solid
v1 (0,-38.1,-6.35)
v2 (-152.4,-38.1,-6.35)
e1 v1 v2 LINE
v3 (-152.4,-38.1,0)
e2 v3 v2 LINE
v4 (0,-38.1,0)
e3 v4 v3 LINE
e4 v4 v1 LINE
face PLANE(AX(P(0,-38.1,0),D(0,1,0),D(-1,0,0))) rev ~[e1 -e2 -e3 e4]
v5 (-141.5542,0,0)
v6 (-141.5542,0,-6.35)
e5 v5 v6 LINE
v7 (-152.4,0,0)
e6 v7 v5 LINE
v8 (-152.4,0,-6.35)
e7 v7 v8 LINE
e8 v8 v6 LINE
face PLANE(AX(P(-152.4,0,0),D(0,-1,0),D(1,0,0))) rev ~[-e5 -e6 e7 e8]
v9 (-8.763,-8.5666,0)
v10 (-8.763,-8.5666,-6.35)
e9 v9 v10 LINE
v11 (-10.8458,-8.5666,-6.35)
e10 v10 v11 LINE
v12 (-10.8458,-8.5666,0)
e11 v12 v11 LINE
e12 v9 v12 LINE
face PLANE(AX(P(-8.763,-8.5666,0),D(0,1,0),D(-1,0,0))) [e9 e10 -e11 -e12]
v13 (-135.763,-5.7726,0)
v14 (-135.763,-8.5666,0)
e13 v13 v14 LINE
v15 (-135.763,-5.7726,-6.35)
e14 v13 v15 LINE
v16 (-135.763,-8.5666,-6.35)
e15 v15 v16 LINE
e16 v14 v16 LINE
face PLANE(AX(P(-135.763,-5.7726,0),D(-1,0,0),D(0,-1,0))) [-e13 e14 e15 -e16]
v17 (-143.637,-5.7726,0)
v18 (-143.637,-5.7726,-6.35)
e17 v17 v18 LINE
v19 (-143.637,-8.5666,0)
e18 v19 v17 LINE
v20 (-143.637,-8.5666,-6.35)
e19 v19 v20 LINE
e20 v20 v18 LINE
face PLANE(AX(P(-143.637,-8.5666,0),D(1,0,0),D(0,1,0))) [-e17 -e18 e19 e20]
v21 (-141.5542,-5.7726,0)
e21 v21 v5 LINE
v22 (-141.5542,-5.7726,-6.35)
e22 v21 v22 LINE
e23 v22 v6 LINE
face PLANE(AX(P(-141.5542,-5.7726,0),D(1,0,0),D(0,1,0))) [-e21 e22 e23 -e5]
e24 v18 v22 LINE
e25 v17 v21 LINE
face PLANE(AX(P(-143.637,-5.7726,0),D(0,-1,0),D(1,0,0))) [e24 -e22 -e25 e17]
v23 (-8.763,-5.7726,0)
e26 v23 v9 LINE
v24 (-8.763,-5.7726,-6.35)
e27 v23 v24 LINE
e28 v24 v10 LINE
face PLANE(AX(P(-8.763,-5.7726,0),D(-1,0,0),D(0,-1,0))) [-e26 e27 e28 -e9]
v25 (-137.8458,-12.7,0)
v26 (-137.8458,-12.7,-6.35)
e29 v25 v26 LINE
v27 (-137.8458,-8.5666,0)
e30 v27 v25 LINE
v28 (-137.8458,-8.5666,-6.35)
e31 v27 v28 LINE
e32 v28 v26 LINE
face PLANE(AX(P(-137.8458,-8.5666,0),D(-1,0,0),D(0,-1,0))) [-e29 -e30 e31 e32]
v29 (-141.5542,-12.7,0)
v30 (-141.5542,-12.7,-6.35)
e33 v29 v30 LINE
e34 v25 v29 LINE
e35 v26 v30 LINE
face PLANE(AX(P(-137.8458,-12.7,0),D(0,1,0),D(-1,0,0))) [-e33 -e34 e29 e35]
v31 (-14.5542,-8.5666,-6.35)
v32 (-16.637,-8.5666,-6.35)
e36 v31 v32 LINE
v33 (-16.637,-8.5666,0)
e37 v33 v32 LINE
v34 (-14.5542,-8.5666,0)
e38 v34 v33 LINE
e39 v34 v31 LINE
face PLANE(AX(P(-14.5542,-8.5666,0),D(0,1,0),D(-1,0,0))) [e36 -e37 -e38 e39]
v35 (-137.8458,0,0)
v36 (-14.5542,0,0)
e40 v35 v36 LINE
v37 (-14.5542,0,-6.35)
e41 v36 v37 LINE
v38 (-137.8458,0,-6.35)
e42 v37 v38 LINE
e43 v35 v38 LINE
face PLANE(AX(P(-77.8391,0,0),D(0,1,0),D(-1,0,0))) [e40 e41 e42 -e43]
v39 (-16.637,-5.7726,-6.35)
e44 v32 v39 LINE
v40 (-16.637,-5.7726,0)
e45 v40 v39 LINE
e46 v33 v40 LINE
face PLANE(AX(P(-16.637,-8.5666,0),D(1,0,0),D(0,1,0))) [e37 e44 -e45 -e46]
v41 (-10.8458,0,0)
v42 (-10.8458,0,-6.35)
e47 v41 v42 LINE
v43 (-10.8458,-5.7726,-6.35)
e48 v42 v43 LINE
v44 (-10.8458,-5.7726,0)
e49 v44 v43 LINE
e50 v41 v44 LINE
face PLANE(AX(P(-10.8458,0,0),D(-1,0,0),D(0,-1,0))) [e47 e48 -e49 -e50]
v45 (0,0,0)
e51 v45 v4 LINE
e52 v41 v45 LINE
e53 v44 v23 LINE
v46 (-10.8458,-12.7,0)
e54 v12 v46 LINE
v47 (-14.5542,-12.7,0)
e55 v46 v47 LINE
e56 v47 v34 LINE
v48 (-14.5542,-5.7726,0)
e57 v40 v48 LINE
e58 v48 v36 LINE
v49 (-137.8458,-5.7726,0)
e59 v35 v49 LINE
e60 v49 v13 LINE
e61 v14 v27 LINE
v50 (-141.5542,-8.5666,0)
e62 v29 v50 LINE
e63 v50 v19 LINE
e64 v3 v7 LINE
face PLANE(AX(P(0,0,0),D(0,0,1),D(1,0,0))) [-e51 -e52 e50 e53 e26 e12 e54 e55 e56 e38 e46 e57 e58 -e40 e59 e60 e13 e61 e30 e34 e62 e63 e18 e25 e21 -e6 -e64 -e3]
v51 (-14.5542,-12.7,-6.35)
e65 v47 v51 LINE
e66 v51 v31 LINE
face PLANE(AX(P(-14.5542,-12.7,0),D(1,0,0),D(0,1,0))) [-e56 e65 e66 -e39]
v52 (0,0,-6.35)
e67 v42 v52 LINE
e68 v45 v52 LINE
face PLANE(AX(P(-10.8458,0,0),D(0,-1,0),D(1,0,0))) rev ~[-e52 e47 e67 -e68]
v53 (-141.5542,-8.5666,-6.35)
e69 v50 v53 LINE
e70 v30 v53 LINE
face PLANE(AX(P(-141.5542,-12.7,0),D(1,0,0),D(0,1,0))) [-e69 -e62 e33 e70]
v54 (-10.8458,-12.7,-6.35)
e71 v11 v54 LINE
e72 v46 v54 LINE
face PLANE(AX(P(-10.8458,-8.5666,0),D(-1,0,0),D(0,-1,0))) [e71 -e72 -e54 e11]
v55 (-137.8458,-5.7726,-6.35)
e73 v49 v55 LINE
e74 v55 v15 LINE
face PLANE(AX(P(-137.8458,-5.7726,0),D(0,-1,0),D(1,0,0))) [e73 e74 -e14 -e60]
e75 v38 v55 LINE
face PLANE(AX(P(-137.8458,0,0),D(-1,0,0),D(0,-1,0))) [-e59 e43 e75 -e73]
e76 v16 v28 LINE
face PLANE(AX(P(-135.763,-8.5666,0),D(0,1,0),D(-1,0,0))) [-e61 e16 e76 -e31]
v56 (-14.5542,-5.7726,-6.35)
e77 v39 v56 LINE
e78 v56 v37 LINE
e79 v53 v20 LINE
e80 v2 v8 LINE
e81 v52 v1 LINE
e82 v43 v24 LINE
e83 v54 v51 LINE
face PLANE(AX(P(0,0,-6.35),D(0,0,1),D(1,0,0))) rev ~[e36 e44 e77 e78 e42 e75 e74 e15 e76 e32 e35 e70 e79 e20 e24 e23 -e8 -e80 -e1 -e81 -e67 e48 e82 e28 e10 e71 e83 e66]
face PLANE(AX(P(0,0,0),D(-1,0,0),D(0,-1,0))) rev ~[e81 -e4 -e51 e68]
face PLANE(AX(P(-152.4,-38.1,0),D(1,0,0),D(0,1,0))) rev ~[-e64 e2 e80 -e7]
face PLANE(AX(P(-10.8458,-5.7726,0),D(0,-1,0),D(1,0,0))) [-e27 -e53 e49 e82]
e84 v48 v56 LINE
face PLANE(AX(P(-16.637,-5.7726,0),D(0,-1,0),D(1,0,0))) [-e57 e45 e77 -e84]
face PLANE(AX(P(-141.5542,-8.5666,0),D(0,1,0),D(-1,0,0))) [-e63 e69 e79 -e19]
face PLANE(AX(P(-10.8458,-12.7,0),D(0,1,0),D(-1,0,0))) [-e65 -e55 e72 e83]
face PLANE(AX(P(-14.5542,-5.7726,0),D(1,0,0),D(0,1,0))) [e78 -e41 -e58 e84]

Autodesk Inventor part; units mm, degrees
ref_plane "YZ Plane" through (0, 0, 0) normal (1, 0, 0) x (0, 1, 0)
ref_plane "XZ Plane" through (0, 0, 0) normal (0, 1, 0) x (-1, 0, 0)
ref_plane "Work Plane1" through (0, 0, 0) normal (0, 0, 1) x (1, 0, 0)
sketch "Sketch1" plane through (0, 0, 0) normal (0, 0, 1) x (1, 0, 0)
  line L0 (-77.8391, 0) -> (-108.8361, 0) projected
  line L1 (-108.8361, -33.02) -> (-108.8361, 0) projected
  line L2 (-77.8391, -33.02) -> (-108.8361, -33.02) projected
  line L3 (-77.8391, -33.02) -> (-77.8391, 0) projected
  line L4 (-152.4, 0) -> (0, 0) construction
  line L5 (-152.4, 0) -> (-152.4, 6.35) construction
  line L6 (0, 0) -> (0, 6.35) construction
  line L7 (-152.4, 0) -> (0, 0)
  line L8 (0, 0) -> (0, -38.1)
  line L9 (0, -38.1) -> (-152.4, -38.1)
  line L10 (-152.4, -38.1) -> (-152.4, 0)
  line L11 (-137.8458, 6.35) -> (-137.8458, 0)
  line L12 (-141.5542, 6.35) -> (-141.5542, 0)
  line L13 (-14.5542, 6.35) -> (-14.5542, 0)
  line L14 (-10.8458, 6.35) -> (-10.8458, 0)
  line L15 (-141.5542, 0) -> (-137.8458, 0)
  line L16 (-137.8458, 0) -> (-137.8458, -12.7)
  line L17 (-137.8458, -12.7) -> (-141.5542, -12.7)
  line L18 (-141.5542, -12.7) -> (-141.5542, 0)
  line L19 (-14.5542, 0) -> (-10.8458, 0)
  line L20 (-10.8458, 0) -> (-10.8458, -12.7)
  line L21 (-10.8458, -12.7) -> (-14.5542, -12.7)
  line L22 (-14.5542, -12.7) -> (-14.5542, 0)
  line L23 (-16.637, -5.7726) -> (-8.763, -5.7726)
  line L24 (-8.763, -5.7726) -> (-8.763, -8.5666)
  line L25 (-8.763, -8.5666) -> (-16.637, -8.5666)
  line L26 (-16.637, -8.5666) -> (-16.637, -5.7726)
  line L27 (-143.637, -5.7726) -> (-135.763, -5.7726)
  line L28 (-135.763, -5.7726) -> (-135.763, -8.5666)
  line L29 (-135.763, -8.5666) -> (-143.637, -8.5666)
  line L30 (-143.637, -8.5666) -> (-143.637, -5.7726)
  dimension "d0" = 38.1
  dimension "d1" = 12.7
  dimension "d2" = 7.874
  dimension "d3" = 2.794
  dimension "d6" = 2.0828
  dimension "d7" = 2.0828
  dimension "d8" = 7.874
  dimension "d9" = 2.0828
  dimension "d10" = 2.0828
extrude "Extrusion1" add sketch "Sketch1" against normal blind 6.35 contours L3 L2 L1 L0 | L7 L22 L23 L26 L25 L21 L20 L24 L8 L9 L10 L18 L27 L30 L29 L17 L16 L28 L1 L2 L3
equation "\"d6\" = d7"
equation "\"d9\" = d10"
properties part number "baseBoxShortSide"
